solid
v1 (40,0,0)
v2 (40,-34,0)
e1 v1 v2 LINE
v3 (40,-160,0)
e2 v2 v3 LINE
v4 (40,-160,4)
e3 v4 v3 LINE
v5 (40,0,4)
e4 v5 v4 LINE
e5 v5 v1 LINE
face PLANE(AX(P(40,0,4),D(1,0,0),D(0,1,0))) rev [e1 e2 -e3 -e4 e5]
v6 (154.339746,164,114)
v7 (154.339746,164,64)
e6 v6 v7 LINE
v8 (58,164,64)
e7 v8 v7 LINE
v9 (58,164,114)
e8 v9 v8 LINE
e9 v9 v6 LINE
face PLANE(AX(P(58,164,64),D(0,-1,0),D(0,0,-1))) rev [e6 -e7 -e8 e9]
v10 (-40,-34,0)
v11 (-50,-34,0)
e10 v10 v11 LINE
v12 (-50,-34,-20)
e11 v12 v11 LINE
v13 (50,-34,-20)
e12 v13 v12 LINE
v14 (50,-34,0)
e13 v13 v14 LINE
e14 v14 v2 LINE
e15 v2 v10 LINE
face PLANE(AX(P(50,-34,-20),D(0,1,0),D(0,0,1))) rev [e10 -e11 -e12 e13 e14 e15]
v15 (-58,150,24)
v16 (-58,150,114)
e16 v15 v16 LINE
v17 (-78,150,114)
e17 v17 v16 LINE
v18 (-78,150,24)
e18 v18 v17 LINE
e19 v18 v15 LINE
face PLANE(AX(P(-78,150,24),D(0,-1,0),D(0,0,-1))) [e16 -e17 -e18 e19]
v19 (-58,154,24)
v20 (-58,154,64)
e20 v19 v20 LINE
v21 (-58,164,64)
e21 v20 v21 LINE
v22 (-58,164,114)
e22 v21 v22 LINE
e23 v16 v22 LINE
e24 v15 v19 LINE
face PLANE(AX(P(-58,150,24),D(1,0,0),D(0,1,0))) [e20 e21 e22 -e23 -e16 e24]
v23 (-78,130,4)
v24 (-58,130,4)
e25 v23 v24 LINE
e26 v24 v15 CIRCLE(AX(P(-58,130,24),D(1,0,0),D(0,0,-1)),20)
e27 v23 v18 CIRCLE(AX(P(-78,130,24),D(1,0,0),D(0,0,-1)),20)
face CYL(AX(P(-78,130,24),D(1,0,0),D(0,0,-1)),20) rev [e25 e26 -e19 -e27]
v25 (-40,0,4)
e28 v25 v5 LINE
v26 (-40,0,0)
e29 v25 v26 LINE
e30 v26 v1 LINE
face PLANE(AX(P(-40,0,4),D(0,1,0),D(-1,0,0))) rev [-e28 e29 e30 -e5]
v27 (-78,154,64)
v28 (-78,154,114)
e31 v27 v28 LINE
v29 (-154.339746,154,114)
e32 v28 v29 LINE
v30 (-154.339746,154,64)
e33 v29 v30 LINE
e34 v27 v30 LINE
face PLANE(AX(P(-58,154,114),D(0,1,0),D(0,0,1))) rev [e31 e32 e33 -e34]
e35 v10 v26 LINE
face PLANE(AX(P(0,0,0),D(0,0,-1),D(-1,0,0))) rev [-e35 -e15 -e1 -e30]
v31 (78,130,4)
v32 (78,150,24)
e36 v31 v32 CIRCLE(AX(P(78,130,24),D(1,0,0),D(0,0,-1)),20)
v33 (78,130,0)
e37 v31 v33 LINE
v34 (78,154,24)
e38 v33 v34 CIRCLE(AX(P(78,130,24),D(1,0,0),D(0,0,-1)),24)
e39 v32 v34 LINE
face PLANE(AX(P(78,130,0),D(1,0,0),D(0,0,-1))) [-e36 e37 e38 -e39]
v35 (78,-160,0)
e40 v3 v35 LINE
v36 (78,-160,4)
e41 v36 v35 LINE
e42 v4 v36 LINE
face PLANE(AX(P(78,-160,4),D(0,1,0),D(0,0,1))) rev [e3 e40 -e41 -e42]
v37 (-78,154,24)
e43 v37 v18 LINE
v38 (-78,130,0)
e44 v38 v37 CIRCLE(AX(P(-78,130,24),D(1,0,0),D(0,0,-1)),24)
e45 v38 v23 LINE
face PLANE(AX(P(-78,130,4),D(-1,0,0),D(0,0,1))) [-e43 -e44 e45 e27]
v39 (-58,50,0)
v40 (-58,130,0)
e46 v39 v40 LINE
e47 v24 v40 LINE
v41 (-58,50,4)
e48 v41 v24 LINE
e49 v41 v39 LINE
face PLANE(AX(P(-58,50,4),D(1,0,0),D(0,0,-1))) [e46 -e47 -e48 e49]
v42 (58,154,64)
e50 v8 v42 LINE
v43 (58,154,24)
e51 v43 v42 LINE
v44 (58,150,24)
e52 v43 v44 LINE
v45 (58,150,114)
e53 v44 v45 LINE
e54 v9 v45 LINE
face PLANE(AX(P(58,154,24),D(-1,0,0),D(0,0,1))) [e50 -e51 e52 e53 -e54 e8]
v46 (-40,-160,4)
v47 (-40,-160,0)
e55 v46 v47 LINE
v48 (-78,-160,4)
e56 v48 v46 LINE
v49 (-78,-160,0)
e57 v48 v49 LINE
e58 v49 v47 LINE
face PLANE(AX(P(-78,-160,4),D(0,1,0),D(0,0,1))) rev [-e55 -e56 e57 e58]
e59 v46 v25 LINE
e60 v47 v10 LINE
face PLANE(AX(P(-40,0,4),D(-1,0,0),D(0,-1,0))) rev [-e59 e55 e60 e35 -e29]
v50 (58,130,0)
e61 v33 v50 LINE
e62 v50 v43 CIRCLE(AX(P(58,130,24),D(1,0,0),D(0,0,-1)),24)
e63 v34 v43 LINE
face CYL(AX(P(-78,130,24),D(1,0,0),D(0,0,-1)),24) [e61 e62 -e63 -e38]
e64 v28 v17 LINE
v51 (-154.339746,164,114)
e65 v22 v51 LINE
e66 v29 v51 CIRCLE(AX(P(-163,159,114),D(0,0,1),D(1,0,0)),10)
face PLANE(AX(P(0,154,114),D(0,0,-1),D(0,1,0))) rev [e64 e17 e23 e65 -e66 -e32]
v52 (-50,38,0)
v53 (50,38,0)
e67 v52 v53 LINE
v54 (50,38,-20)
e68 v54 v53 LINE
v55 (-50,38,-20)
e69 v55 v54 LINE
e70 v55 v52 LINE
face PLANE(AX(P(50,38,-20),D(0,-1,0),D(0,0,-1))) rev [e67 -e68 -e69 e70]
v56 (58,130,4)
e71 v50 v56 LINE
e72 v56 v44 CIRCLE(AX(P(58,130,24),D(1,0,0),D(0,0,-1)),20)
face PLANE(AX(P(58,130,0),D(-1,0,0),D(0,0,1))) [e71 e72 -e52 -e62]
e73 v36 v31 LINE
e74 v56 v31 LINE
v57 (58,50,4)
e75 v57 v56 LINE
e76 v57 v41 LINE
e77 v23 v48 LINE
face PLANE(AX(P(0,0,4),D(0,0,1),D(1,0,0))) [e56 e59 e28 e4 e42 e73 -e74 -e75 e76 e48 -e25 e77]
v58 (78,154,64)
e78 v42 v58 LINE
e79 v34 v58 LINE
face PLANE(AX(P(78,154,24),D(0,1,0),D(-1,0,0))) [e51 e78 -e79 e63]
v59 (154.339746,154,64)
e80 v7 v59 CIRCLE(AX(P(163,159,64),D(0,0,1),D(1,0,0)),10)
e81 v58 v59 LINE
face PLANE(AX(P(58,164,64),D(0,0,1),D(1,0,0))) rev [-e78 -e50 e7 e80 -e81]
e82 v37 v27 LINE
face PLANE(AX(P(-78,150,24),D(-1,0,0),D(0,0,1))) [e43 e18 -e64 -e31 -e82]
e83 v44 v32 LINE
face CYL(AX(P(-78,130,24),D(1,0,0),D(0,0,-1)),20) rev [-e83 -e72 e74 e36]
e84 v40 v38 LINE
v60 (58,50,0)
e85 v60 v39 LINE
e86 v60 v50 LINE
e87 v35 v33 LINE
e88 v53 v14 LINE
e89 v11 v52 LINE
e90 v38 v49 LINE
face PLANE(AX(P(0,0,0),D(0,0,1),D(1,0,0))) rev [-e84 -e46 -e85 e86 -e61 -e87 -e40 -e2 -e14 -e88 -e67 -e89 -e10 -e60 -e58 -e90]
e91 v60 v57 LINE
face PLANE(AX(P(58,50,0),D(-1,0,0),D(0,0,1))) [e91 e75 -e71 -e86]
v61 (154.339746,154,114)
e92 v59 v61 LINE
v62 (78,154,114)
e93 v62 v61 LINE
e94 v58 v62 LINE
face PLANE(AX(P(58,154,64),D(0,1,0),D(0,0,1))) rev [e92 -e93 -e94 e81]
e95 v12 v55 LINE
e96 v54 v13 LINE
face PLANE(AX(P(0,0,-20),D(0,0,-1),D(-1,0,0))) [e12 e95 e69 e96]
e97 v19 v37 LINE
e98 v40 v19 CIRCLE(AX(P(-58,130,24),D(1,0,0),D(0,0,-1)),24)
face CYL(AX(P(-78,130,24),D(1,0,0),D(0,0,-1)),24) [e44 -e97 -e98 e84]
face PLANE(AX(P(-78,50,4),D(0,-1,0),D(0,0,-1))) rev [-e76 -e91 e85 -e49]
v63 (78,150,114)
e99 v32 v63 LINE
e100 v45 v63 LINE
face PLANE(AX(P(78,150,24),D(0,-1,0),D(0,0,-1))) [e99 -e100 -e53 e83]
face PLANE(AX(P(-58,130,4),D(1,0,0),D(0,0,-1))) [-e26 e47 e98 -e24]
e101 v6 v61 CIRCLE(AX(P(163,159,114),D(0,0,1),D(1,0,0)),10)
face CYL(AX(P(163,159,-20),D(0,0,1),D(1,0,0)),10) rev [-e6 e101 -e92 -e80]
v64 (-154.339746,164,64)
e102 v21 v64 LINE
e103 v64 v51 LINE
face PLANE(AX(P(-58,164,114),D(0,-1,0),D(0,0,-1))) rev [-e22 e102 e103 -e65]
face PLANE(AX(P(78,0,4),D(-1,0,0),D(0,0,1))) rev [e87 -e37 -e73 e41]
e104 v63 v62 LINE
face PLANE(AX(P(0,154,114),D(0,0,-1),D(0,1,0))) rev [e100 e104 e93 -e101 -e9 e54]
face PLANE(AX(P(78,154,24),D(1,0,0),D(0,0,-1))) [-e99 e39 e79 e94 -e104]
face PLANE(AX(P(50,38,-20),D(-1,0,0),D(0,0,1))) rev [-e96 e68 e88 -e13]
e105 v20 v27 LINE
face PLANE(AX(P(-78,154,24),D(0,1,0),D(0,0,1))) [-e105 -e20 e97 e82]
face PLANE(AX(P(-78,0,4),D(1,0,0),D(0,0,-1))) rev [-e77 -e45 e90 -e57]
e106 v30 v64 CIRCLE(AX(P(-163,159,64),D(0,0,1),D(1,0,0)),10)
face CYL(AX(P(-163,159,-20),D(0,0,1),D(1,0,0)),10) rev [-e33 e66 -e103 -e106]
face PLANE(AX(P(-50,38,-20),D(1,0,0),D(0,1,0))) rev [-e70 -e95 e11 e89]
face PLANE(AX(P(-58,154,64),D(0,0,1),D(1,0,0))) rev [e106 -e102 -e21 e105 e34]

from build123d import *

# Parameters (mm, degrees)
EXTRUDE_1_DEPTH     = 4
SKETCH_2_W          = 100
SKETCH_2_H          = 72
EXTRUDE_2_DEPTH     = 20
SKETCH_4_W          = 20
SKETCH_4_H          = 4
SKETCH_7_W          = 50
SKETCH_7_H          = 10
SKETCH_9_W          = 50
SKETCH_9_H          = 10
SKETCH_12_R         = 10
CUT_EXTRUDE_1_DEPTH = 265.227174984


with BuildPart() as part:
    # 草图1 → 凸台-拉伸1 (new body)
    with BuildSketch(Plane.XY):
        Polygon((-40, 0), (40, 0), (40, -160), (78, -160), (78, 0), (78, 50), (-78, 50), (-78, 0), (-78, -160), (-40, -160), align=None)
    extrude(amount=EXTRUDE_1_DEPTH)

    # 草图2 → 凸台-拉伸2 (add)
    with BuildSketch(Plane(origin=(0, 0, 0), x_dir=(-1, 0, 0), z_dir=(0, 0, -1))):
        with Locations((0, 2)):
            Rectangle(SKETCH_2_W, SKETCH_2_H)
    extrude(amount=EXTRUDE_2_DEPTH)

    # 扫描1: sweep along a path in 草图5
    with BuildLine(Plane.ZY.offset(78)) as sweep_1_path:
        Line((0, 50), (0, 130))
        ThreePointArc((0, 130), (7.029437252, 146.970562748), (24, 154))
        Line((24, 154), (114, 154))
    # 草图4 → 扫描1 (sweep)
    with BuildSketch(Plane(origin=(0, 50, 0), x_dir=(1, 0, 0), z_dir=(0, 1, 0))):
        with Locations((-68, -2)):
            Rectangle(SKETCH_4_W, SKETCH_4_H)
        with Locations((68, -2)):
            Rectangle(SKETCH_4_W, SKETCH_4_H)
    sweep(path=sweep_1_path.line)

    # 扫描2: sweep along a path in 草图8
    with BuildLine(Plane.XY.offset(114)) as sweep_2_path:
        Line((-58, 154), (-158, 154))
    # 草图7 → 扫描2 (sweep)
    with BuildSketch(Plane(origin=(-58, 0, 0), x_dir=(0, 0, -1), z_dir=(1, 0, 0))):
        with Locations((-89, 159)):
            Rectangle(SKETCH_7_W, SKETCH_7_H)
    sweep(path=sweep_2_path.line)

    # 扫描3: sweep along a path in 草图10
    with BuildLine(Plane.XY.offset(114)) as sweep_3_path:
        Line((58, 154), (158, 154))
    # 草图9 → 扫描3 (sweep)
    with BuildSketch(Plane.ZY.offset(-58)):
        with Locations((89, 159)):
            Rectangle(SKETCH_9_W, SKETCH_9_H)
    sweep(path=sweep_3_path.line)

    # 草图12 → 切除-拉伸1 (cut, through all)
    with BuildSketch(Plane.XY.offset(114)):
        with Locations((-163, 159)):
            Circle(SKETCH_12_R)
        with Locations((163, 159)):
            Circle(SKETCH_12_R)
    extrude(amount=-CUT_EXTRUDE_1_DEPTH, mode=Mode.SUBTRACT)


solid = part.part
